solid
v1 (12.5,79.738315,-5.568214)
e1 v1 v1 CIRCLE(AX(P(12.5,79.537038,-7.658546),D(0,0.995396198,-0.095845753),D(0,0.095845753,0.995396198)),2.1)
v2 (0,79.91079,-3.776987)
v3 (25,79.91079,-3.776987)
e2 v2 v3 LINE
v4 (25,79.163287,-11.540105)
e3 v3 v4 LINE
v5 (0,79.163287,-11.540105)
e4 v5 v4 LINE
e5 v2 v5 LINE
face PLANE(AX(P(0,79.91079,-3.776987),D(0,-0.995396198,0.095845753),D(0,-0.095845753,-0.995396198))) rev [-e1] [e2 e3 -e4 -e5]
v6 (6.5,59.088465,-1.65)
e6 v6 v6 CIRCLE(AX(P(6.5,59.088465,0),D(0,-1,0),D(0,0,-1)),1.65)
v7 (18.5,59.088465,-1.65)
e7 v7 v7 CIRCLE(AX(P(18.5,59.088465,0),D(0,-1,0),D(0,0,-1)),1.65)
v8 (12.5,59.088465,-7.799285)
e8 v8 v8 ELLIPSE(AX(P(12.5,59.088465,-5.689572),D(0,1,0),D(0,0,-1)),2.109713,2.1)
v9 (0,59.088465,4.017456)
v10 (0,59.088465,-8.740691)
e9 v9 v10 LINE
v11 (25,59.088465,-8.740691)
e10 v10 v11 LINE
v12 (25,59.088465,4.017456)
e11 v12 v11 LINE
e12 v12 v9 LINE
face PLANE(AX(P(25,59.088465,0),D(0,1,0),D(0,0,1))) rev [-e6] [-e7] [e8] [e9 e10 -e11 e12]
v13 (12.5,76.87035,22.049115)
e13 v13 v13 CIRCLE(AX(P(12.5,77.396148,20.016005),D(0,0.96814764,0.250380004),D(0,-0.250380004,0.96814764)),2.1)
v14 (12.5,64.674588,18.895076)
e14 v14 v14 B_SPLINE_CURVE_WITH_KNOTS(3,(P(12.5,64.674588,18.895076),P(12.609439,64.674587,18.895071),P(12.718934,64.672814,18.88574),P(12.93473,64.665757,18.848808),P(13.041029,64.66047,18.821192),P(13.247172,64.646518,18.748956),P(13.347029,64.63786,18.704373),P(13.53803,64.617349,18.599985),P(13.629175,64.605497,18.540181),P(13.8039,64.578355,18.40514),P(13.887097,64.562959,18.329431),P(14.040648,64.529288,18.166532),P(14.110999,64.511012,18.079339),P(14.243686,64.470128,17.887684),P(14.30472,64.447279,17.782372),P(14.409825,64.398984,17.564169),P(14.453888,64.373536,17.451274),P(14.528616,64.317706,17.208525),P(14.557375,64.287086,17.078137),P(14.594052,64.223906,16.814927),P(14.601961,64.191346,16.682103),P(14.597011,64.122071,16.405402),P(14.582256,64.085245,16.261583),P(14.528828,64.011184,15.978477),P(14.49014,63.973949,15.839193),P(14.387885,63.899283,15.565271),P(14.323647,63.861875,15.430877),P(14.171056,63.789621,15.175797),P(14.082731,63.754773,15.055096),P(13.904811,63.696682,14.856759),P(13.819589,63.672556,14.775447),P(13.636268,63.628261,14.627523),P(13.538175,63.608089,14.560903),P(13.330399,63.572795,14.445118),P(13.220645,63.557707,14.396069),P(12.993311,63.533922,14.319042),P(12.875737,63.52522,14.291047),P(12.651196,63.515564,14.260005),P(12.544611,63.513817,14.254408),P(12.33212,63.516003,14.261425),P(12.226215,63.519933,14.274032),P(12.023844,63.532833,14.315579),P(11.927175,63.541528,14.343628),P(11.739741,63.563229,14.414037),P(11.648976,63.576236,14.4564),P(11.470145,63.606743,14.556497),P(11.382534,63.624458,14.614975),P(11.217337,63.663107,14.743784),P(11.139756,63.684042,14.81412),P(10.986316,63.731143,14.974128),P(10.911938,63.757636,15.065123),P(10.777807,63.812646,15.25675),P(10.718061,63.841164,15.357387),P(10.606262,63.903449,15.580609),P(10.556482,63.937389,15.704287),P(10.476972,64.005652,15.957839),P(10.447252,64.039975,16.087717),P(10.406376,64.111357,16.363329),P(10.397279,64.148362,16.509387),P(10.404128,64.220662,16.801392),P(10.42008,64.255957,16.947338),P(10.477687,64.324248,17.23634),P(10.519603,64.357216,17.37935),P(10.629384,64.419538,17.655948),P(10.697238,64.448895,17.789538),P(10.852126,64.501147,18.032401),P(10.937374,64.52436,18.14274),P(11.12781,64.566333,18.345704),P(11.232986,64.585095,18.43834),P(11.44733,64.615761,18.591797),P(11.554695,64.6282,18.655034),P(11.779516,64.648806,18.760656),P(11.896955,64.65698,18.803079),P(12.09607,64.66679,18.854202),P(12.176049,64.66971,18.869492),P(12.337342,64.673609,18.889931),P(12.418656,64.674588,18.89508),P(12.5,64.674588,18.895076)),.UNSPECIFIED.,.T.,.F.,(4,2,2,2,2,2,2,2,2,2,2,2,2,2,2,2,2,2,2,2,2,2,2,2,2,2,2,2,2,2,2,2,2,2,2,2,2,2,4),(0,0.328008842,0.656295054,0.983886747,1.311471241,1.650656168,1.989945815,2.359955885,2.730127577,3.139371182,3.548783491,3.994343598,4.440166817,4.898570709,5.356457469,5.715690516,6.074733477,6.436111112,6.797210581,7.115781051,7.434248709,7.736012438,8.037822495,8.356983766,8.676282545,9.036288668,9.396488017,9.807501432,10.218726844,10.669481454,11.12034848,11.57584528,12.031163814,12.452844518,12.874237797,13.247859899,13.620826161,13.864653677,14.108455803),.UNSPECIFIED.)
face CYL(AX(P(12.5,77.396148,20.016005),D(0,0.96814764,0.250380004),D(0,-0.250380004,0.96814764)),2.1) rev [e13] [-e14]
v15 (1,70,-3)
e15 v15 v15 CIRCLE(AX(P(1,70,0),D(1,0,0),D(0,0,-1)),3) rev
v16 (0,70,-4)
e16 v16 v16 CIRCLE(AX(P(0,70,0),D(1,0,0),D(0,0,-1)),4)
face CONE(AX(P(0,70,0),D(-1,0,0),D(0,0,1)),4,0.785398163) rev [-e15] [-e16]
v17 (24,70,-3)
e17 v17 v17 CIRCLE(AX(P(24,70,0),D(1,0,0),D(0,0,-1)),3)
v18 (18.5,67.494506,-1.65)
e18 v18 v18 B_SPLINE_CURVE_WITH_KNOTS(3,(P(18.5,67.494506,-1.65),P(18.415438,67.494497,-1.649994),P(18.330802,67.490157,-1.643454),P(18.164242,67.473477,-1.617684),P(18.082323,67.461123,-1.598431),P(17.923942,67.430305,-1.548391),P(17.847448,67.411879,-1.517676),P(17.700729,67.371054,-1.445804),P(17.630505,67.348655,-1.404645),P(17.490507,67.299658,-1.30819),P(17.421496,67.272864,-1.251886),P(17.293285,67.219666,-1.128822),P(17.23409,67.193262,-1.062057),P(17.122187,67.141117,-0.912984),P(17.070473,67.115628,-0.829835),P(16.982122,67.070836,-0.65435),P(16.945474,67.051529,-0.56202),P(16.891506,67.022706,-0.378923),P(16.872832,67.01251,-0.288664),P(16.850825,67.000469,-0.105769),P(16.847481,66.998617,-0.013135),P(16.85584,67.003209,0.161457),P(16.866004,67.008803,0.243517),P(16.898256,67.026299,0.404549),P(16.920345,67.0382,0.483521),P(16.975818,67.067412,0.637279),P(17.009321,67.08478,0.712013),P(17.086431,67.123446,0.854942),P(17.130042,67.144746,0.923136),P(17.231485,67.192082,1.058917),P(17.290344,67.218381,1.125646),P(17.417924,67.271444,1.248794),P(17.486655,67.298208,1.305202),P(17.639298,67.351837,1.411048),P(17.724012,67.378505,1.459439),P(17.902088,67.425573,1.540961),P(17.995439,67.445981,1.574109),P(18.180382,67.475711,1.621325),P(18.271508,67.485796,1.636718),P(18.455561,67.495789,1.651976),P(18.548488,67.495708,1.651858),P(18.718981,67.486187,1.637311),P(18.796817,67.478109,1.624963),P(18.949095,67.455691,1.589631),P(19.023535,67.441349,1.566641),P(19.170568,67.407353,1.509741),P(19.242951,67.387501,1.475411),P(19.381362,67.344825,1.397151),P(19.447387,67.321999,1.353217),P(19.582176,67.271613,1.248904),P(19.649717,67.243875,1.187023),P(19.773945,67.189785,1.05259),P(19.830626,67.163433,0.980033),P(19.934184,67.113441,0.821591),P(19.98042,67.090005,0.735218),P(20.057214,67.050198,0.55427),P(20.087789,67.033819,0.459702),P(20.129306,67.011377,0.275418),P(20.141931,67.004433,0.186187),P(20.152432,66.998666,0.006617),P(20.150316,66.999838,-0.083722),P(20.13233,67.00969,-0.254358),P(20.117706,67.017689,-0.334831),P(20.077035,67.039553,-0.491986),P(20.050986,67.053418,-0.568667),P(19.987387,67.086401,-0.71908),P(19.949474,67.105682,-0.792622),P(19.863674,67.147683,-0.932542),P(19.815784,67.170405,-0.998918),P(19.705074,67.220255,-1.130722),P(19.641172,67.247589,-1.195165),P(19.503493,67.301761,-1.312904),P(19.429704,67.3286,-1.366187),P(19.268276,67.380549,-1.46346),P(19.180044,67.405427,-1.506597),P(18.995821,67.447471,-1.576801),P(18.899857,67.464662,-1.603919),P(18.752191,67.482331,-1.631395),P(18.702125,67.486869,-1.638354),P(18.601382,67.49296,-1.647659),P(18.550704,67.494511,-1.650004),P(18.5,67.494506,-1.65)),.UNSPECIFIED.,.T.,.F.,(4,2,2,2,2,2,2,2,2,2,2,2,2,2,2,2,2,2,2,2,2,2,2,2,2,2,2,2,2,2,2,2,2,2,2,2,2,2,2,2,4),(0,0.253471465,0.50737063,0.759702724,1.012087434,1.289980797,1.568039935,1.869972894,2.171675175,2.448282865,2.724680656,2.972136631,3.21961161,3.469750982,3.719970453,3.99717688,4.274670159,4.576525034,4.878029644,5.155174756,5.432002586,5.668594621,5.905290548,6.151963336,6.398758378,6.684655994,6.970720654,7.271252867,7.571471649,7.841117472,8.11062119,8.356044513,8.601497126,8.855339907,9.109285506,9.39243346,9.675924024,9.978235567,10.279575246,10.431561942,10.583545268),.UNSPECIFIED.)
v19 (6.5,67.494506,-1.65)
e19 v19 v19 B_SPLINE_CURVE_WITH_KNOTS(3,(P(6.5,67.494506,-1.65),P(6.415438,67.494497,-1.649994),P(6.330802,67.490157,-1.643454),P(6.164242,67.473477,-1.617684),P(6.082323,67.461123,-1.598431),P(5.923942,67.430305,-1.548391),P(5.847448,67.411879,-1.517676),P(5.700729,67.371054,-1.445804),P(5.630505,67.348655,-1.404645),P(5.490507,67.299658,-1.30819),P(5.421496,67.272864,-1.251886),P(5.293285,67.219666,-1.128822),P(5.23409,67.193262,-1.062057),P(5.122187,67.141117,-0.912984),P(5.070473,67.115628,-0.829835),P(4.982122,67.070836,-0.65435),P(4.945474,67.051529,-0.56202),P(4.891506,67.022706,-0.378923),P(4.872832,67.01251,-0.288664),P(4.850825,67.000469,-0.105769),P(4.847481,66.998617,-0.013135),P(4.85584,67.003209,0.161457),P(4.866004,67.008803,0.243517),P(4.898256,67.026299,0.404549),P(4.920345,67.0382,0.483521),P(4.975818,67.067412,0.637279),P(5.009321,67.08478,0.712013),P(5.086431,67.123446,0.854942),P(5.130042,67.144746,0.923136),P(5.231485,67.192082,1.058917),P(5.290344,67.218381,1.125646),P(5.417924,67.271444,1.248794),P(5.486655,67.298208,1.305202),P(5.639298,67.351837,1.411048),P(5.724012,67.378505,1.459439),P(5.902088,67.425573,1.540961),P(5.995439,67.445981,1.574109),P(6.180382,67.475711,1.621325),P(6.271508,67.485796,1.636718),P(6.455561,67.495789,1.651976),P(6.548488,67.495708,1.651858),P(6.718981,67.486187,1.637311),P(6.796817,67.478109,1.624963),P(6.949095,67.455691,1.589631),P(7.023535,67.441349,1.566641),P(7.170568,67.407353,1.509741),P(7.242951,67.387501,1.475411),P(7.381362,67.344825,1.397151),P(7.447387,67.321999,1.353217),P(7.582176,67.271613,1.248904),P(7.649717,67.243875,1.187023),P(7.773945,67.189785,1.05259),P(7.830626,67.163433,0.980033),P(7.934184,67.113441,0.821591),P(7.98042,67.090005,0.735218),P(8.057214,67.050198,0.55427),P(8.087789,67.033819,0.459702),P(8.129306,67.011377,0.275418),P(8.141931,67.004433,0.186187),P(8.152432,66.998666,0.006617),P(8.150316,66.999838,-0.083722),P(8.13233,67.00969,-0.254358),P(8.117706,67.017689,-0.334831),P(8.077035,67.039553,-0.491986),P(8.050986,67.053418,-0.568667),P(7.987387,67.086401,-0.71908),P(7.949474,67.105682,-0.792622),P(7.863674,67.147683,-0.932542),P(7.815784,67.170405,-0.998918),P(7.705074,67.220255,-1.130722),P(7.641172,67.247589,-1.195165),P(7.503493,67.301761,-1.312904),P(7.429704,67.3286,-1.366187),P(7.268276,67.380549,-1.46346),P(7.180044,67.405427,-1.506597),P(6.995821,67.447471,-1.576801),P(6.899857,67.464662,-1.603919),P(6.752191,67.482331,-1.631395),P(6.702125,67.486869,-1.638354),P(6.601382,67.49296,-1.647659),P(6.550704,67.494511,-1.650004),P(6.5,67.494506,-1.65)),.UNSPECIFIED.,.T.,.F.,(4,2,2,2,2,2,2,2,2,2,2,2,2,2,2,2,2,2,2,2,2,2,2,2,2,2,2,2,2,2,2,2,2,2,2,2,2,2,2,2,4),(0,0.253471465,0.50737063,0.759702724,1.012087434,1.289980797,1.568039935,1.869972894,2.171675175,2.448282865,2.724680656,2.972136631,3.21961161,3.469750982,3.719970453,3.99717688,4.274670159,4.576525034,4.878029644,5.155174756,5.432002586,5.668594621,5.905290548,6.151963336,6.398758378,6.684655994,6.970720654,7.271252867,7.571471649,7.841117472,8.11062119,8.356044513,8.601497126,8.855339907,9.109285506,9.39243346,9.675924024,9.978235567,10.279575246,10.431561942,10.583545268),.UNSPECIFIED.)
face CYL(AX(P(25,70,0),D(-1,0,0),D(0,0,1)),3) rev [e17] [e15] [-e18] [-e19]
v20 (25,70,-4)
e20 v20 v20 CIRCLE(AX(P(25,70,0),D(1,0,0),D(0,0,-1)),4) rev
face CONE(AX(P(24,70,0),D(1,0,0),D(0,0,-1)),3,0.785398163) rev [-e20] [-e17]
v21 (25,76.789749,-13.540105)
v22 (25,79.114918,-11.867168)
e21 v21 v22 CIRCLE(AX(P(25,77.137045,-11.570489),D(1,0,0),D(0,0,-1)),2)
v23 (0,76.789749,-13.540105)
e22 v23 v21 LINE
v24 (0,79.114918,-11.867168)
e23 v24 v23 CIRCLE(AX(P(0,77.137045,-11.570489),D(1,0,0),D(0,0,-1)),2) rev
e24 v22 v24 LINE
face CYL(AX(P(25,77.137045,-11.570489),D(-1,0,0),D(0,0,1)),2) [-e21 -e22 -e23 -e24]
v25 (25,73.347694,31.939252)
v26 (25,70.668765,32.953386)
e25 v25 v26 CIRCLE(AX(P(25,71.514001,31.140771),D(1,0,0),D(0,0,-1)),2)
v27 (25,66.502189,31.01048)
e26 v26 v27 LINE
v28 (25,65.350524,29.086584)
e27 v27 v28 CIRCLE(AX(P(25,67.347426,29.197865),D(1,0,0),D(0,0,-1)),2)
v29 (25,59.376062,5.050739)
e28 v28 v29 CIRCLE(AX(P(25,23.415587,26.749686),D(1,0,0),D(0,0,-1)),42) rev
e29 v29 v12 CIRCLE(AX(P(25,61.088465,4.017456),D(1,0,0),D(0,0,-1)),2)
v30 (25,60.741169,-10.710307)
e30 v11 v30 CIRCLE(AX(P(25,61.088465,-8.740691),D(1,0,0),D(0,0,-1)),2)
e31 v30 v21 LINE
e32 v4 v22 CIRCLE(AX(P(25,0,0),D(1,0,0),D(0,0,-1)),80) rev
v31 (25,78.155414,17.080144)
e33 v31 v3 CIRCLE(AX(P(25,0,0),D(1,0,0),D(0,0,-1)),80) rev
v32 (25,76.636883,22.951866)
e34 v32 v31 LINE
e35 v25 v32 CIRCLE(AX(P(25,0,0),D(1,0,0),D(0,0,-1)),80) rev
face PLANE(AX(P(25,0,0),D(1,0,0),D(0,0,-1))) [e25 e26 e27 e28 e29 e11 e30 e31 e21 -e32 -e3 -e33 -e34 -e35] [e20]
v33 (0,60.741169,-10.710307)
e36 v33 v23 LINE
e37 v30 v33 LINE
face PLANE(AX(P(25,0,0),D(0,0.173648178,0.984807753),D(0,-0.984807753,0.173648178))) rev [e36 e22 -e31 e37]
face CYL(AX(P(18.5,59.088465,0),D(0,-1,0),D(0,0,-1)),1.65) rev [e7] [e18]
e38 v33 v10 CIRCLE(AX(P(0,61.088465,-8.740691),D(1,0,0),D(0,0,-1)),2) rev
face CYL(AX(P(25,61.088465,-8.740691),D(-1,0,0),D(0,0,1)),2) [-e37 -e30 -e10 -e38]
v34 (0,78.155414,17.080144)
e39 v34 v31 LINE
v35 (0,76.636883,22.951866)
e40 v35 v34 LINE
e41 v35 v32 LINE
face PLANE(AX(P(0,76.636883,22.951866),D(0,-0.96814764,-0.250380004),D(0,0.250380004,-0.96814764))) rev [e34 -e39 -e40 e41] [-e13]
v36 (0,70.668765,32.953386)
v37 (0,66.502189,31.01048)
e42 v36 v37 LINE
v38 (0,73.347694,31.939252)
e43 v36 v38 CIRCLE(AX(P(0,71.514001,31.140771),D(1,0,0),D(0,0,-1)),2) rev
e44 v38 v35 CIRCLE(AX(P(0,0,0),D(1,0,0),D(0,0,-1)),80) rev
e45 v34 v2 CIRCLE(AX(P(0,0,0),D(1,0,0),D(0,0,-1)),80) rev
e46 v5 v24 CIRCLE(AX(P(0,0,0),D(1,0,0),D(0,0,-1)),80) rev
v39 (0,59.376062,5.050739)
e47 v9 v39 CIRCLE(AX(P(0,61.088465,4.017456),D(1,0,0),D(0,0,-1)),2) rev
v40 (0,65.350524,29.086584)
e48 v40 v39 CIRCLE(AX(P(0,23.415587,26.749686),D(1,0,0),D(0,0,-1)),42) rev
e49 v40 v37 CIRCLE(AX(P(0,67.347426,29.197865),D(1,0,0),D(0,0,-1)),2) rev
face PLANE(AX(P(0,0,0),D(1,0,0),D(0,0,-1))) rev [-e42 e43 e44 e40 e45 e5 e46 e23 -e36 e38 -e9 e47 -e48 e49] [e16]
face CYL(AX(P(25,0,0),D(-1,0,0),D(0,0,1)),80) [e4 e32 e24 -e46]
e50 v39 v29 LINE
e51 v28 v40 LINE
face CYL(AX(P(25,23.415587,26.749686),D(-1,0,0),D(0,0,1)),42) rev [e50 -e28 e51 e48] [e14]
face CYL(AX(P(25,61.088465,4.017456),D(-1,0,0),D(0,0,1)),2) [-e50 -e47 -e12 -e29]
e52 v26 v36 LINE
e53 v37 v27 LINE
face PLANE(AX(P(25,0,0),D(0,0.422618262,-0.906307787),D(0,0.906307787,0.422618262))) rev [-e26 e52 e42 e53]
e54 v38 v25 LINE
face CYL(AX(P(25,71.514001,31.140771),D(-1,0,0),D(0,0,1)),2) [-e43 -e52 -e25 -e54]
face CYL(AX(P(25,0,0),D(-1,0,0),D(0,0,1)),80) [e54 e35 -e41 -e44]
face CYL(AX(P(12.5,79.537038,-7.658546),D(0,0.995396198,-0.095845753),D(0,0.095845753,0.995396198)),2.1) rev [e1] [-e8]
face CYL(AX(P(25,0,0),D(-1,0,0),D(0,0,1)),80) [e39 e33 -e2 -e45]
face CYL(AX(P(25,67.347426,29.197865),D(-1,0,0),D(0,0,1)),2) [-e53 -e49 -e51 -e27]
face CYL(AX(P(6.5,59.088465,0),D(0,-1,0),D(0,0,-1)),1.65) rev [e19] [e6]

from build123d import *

# Parameters (mm, degrees)
SKETCH1_R             = 3
BOSS_EXTRUDE1_DEPTH   = 25
FILLET2_R             = 2
CUT_EXTRUDE1_DEPTH    = 26
M5_TAPPED_HOLE1_D     = 4.2
M5_TAPPED_HOLE1_DEPTH = 22.4
M5_TAPPED_HOLE1_TIP   = 1.2618073
M5_TAPPED_HOLE2_D     = 4.2
M5_TAPPED_HOLE2_DEPTH = 22.4
M5_TAPPED_HOLE2_TIP   = 1.2618073
M4_TAPPED_HOLE1_D     = 3.3
M4_TAPPED_HOLE1_DEPTH = 10.1
M4_TAPPED_HOLE1_TIP   = 0.991420021
CHAMFER1_SIZE         = 1


with BuildPart() as part:
    # Sketch1 → Boss-Extrude1 (new body)
    with BuildSketch(Plane(origin=(0, 0, 0), x_dir=(0, 0, -1), z_dir=(1, 0, 0))):
        with BuildLine():
            Line((-33.809460939, 72.504622963), (-30.428514845, 65.254160667))
            ThreePointArc((-30.428514845, 65.254160667), (-17.004346403, 64.269330845), (-4.58110934, 59.088465181))
            Line((-4.58110934, 59.088465181), (10.41889066, 59.088465181))
            Line((10.41889066, 59.088465181), (13.891854213, 78.784620241))
            ThreePointArc((13.891854213, 78.784620241), (-10.442095378, 79.31558891), (-33.809460939, 72.504622963))
        make_face()
        with Locations((0, 70)):
            Circle(SKETCH1_R, mode=Mode.SUBTRACT)
    extrude(amount=BOSS_EXTRUDE1_DEPTH)

    # Fillet2
    fillet2_edges = [part.edges().sort_by_distance(p)[0] for p in [
        (12.5, 59.088465181, 4.58110934),
        (12.5, 65.254160667, 30.428514845),
        (12.5, 72.504622963, 33.809460939),
        (12.5, 78.784620241, -13.891854213),
        (12.5, 59.088465181, -10.41889066),
    ]]
    fillet(fillet2_edges, radius=FILLET2_R)

    # Sketch3 → Cut-Extrude1 (cut, through all)
    with BuildSketch(Plane(origin=(25, 0, 0), x_dir=(0, 0, -1), z_dir=(1, 0, 0))):
        Polygon((-23.953386268, 80.509473559), (-18.081663619, 82.028004286), (-17.080143603, 78.155413725), (-22.951866252, 76.636882997), align=None)
        Polygon((3.776986852, 89.910790074), (11.540104609, 89.163286855), (11.540104609, 79.163286855), (3.776986852, 79.910790074), align=None)
    extrude(amount=-CUT_EXTRUDE1_DEPTH, mode=Mode.SUBTRACT)

    # M5 Tapped Hole1
    with Locations(Plane(origin=(0, 77.396148361, 20.016004928), x_dir=(1, 0, 0), z_dir=(0, 0.96814764, 0.250380004))):
        with Locations((12.5, 0)):
            Hole(M5_TAPPED_HOLE1_D / 2, depth=M5_TAPPED_HOLE1_DEPTH)
            with Locations((0, 0, -(M5_TAPPED_HOLE1_DEPTH + M5_TAPPED_HOLE1_TIP / 2))):  # 118° drill point
                Cone(0, M5_TAPPED_HOLE1_D / 2, M5_TAPPED_HOLE1_TIP, mode=Mode.SUBTRACT)

    # M5 Tapped Hole2
    with Locations(Plane(origin=(0, 79.537038465, -7.65854573), x_dir=(1, 0, 0), z_dir=(0, 0.995396198, -0.095845753))):
        with Locations((12.5, 0)):
            Hole(M5_TAPPED_HOLE2_D / 2, depth=M5_TAPPED_HOLE2_DEPTH)
            with Locations((0, 0, -(M5_TAPPED_HOLE2_DEPTH + M5_TAPPED_HOLE2_TIP / 2))):  # 118° drill point
                Cone(0, M5_TAPPED_HOLE2_D / 2, M5_TAPPED_HOLE2_TIP, mode=Mode.SUBTRACT)

    # M4 Tapped Hole1
    with Locations(Plane(origin=(0, 59.088465181, 0), x_dir=(-1, 0, 0), z_dir=(0, -1, 0))):
        with Locations((-6.5, 0), (-18.5, 0)):
            Hole(M4_TAPPED_HOLE1_D / 2, depth=M4_TAPPED_HOLE1_DEPTH)
            with Locations((0, 0, -(M4_TAPPED_HOLE1_DEPTH + M4_TAPPED_HOLE1_TIP / 2))):  # 118° drill point
                Cone(0, M4_TAPPED_HOLE1_D / 2, M4_TAPPED_HOLE1_TIP, mode=Mode.SUBTRACT)

    # Chamfer1
    chamfer1_edges = [part.edges().sort_by_distance(p)[0] for p in [
        (25, 70, 3),
        (0, 70, 3),
    ]]
    chamfer(chamfer1_edges, length=CHAMFER1_SIZE)


solid = part.part
